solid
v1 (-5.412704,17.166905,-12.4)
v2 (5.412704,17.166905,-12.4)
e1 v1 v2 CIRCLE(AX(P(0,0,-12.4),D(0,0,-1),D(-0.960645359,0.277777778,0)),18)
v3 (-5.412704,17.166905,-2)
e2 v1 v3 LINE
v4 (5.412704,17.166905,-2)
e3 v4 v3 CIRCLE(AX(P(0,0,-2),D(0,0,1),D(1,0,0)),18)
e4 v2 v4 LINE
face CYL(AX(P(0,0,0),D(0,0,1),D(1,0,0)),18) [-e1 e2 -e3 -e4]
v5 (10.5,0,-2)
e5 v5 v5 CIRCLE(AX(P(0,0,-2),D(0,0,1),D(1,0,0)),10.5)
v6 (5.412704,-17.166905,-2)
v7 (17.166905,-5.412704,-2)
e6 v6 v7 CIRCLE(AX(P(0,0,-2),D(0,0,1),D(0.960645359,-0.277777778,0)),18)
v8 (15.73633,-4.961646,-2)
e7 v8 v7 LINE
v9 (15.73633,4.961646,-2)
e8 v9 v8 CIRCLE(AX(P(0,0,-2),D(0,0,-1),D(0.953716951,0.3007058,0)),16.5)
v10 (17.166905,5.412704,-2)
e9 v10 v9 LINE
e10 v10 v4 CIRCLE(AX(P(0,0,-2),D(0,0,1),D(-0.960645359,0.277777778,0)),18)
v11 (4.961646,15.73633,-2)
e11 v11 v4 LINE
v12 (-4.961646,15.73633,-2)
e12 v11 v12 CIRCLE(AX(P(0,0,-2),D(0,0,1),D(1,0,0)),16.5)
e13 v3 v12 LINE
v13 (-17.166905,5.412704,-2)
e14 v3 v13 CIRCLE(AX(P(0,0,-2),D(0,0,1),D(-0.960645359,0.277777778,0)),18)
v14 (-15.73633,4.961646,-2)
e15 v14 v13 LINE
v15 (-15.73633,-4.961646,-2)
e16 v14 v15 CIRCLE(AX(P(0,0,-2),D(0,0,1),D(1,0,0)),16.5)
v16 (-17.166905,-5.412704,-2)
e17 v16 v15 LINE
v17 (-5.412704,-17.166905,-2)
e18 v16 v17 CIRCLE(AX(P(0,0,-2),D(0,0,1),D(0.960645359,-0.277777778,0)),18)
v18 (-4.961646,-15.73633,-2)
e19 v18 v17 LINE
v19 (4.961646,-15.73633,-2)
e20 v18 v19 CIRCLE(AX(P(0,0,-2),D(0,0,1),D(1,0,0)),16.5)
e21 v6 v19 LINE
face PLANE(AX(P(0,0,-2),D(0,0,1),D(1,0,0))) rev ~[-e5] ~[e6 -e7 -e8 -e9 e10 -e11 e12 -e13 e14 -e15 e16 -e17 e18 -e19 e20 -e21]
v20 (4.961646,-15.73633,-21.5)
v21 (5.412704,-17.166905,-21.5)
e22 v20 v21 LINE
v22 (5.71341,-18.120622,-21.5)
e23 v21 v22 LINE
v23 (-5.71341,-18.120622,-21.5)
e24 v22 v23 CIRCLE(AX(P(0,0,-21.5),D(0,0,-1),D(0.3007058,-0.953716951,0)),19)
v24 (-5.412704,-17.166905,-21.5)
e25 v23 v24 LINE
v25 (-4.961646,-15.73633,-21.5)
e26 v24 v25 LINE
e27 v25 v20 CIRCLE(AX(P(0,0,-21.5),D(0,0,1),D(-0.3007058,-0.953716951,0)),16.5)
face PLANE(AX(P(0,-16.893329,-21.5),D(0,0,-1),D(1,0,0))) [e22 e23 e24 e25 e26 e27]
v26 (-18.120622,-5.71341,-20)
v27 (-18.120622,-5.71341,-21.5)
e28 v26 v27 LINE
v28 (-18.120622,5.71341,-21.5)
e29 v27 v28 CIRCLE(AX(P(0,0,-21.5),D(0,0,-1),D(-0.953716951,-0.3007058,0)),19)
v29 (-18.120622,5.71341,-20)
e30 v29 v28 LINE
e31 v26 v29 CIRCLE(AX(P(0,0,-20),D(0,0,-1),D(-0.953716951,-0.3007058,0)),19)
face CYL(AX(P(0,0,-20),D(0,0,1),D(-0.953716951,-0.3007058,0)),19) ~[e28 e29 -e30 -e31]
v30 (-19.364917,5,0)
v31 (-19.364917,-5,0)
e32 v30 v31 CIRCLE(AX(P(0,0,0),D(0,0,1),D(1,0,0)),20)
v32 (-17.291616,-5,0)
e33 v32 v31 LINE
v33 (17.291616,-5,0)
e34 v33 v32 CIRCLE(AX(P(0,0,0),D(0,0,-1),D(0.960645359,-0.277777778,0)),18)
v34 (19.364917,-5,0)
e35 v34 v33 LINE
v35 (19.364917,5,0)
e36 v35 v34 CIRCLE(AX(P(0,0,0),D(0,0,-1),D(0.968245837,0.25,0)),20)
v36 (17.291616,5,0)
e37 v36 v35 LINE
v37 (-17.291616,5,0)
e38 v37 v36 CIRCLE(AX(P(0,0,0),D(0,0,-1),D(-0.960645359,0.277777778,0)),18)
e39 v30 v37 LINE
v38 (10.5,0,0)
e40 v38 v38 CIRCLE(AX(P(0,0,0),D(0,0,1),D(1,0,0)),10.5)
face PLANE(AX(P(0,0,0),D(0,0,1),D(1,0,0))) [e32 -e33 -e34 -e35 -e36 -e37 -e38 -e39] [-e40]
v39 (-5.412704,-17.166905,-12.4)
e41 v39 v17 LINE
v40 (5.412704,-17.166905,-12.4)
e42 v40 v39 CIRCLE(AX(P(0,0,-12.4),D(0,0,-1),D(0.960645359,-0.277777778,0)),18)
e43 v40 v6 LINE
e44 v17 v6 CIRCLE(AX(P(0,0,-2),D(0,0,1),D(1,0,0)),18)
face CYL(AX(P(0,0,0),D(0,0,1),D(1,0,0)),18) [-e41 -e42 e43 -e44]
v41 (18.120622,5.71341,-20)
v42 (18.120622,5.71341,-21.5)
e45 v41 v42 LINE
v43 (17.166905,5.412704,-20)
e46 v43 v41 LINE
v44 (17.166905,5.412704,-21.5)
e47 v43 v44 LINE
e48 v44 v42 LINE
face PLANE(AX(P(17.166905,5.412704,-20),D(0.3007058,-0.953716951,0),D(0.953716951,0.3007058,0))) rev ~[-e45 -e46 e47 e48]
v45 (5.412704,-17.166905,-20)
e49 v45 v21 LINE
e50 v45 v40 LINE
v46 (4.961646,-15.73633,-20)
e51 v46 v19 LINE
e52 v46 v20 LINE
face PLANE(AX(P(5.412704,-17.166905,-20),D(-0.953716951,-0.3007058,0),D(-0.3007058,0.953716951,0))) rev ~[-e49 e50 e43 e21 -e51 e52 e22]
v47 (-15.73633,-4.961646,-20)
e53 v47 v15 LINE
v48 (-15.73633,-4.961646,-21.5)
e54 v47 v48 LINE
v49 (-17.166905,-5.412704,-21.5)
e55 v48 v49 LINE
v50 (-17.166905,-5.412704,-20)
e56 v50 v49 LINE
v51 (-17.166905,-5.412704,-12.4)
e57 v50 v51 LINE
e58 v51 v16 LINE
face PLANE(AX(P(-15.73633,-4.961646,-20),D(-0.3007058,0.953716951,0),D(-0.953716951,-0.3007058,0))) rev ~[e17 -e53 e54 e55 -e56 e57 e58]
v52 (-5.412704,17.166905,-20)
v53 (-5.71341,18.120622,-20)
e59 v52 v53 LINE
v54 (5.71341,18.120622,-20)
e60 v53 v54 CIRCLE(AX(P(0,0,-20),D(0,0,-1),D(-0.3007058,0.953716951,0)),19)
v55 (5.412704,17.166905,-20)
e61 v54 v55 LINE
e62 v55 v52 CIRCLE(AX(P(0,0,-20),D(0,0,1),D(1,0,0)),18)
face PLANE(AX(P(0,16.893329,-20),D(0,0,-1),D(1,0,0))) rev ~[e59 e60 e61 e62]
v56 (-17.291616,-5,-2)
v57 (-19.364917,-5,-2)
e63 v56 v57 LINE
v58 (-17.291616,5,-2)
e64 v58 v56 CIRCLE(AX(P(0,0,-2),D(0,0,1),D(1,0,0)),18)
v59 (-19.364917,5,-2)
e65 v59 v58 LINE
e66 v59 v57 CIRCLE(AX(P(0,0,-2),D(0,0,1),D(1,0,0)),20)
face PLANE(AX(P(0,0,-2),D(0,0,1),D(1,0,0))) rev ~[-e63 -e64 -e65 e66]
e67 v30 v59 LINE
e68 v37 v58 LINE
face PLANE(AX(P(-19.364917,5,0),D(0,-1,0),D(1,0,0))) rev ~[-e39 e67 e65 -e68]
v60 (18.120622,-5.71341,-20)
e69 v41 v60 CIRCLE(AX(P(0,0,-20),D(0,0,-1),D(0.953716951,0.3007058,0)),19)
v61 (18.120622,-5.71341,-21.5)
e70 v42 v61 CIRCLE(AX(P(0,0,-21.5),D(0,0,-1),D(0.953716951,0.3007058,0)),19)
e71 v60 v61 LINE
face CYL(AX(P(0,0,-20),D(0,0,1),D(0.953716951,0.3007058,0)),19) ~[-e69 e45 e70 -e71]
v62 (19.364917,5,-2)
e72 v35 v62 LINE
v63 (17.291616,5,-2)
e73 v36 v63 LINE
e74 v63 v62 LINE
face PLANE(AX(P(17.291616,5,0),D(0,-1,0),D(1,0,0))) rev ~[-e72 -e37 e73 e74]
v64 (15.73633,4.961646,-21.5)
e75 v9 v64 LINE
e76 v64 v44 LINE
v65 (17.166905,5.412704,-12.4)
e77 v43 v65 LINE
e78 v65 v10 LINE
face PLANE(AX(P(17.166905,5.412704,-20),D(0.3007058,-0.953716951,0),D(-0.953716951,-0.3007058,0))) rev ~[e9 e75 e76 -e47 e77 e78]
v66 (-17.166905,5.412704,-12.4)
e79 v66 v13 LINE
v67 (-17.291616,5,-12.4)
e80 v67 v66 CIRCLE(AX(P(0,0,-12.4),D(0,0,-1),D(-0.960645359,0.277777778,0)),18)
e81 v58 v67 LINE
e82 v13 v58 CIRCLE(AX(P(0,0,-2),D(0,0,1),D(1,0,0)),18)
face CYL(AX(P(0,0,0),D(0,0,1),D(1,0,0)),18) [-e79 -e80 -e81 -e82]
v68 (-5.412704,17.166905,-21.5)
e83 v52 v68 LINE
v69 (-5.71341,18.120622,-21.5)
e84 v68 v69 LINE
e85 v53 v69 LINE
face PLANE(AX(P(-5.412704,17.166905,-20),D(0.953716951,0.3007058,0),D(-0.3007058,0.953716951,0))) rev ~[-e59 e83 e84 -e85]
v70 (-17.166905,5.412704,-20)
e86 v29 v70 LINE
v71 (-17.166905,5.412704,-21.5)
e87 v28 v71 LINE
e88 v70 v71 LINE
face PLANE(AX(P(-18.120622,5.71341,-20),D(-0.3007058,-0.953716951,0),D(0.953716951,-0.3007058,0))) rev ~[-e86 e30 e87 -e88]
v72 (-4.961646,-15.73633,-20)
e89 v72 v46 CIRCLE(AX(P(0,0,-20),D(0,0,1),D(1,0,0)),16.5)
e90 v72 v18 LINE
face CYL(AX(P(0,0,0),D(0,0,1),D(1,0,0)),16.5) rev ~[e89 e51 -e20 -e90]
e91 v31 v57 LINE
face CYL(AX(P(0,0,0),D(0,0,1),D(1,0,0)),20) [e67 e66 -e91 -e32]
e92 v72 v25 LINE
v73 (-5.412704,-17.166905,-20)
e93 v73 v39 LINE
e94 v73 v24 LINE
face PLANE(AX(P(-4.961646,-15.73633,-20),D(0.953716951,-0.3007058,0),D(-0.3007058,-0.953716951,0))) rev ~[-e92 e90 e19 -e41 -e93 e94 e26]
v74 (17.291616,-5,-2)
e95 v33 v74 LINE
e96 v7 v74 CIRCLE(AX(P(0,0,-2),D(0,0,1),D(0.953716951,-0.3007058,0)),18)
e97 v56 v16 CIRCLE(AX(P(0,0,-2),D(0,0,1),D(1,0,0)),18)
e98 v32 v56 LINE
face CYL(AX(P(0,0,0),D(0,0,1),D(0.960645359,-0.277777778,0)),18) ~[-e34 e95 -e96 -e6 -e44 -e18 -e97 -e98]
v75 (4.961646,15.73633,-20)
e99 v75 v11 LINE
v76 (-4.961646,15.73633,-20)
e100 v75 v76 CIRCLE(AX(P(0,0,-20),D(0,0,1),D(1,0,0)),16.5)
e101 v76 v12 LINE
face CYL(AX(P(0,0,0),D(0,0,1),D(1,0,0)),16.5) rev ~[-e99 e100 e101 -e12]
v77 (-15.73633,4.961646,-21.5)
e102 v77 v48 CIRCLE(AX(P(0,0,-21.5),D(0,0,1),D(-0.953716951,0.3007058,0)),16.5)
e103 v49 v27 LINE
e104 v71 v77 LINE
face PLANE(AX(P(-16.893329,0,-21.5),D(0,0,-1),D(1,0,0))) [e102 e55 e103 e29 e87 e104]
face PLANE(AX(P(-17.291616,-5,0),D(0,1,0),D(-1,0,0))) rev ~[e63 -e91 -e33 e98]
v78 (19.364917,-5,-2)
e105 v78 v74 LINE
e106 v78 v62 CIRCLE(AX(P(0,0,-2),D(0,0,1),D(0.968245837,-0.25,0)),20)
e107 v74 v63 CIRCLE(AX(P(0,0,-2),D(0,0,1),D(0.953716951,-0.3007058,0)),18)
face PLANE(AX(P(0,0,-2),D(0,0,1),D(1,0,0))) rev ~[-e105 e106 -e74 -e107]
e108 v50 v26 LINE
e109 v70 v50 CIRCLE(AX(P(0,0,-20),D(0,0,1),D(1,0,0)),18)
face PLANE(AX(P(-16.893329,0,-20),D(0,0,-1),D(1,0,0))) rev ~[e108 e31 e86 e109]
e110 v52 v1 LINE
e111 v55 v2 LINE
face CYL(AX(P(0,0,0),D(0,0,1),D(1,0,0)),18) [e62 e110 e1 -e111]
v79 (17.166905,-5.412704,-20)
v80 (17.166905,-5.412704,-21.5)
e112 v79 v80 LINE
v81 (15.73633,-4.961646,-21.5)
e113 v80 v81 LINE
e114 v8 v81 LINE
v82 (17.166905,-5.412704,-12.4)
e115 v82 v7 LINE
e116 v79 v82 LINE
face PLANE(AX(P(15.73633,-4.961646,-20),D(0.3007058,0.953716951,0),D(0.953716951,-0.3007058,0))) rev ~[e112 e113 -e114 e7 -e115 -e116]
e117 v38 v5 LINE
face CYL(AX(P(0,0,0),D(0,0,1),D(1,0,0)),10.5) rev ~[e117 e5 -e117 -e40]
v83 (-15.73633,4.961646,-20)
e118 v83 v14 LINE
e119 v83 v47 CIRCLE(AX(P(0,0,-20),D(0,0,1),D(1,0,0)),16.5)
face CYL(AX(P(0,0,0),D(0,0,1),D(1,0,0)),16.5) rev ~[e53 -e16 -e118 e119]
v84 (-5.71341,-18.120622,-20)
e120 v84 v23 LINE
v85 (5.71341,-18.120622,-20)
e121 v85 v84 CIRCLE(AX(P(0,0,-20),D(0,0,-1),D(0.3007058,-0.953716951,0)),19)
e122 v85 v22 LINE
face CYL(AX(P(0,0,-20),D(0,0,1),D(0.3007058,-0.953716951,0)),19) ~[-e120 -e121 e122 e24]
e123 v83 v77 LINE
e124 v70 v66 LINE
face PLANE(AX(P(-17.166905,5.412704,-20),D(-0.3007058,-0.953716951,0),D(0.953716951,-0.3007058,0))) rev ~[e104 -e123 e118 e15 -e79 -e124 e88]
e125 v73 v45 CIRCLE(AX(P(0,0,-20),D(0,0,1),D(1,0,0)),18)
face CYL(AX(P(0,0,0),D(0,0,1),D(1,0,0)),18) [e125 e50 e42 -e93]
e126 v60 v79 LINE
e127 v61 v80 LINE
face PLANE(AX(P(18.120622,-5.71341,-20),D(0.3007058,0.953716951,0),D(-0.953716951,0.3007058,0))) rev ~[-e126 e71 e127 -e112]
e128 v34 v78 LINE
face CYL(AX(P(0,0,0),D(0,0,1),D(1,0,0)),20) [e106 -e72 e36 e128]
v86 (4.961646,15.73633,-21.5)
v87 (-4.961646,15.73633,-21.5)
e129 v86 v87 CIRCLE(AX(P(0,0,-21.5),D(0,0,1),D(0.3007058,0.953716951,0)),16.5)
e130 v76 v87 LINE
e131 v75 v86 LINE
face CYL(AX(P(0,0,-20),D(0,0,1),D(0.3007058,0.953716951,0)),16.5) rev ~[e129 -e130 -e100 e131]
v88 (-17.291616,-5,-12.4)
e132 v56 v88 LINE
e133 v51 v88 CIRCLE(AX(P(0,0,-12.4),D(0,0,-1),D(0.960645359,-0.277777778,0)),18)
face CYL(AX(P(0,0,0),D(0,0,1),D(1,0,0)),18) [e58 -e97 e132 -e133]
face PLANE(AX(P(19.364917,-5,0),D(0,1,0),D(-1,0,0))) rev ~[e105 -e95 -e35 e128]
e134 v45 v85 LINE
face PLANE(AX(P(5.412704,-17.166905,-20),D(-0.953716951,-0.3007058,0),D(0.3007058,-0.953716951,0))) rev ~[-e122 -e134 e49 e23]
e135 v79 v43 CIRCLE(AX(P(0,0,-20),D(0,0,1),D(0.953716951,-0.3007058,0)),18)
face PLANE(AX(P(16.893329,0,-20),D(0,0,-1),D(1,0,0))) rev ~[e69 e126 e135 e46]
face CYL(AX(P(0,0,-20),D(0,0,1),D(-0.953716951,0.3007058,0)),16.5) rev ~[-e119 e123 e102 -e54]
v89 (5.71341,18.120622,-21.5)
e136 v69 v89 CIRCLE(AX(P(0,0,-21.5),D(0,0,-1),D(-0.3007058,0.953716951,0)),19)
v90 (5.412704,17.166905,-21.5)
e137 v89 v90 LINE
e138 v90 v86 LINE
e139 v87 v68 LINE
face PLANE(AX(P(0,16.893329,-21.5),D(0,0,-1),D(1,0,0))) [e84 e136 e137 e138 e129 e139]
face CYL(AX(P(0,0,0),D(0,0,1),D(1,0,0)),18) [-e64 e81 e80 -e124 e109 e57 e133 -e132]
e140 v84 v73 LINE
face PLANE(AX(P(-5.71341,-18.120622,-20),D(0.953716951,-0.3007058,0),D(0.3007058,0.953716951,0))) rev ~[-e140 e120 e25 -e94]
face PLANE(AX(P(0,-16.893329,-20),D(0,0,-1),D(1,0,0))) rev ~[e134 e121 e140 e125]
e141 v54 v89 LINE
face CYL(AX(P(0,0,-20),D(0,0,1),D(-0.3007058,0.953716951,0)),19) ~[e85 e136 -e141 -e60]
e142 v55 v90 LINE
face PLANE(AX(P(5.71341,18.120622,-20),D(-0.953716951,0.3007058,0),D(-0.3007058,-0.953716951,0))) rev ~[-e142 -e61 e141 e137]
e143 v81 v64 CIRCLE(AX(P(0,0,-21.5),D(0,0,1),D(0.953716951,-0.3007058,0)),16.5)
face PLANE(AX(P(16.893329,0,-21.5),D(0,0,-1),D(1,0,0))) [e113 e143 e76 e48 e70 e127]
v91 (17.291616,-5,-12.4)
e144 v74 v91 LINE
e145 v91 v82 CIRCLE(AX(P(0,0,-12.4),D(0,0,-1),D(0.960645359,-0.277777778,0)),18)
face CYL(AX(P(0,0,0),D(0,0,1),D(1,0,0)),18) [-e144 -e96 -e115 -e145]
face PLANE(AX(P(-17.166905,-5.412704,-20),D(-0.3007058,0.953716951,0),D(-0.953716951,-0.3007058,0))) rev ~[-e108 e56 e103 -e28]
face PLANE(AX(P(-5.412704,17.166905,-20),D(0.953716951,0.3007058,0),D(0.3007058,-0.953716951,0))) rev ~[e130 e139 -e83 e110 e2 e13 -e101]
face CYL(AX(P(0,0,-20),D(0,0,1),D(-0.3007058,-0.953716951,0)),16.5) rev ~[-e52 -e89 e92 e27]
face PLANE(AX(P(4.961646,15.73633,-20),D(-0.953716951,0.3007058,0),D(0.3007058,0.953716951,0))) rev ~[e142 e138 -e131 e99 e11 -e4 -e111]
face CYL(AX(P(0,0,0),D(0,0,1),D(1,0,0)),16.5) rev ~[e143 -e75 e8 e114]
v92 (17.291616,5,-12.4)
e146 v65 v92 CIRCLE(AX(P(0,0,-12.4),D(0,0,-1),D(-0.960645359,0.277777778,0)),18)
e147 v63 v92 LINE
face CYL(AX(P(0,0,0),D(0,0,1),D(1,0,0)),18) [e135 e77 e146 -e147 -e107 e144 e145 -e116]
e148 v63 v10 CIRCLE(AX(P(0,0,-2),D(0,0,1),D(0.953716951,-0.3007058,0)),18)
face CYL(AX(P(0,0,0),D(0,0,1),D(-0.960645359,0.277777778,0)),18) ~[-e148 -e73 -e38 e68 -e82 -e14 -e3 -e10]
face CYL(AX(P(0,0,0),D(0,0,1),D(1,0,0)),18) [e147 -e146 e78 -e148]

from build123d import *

# Parameters (mm, degrees)
F0_R      = 18
F0_R_2    = 16.5
F1_DEPTH  = 20
F3_DEPTH  = 18
F5_DEPTH  = 1.5
F7_R      = 20
F7_R_2    = 10.5
F8_DEPTH  = 2
F10_DEPTH = 12.4


with BuildPart() as f1:
    # F0 (on Top) → F1 (new body)
    with BuildSketch(Plane.XY):
        Circle(F0_R)
        Circle(F0_R_2, mode=Mode.SUBTRACT)
    extrude(amount=-F1_DEPTH)

    # F2 (on face) → F3 (cut)
    with BuildSketch(Plane(origin=(0, 0, -20), x_dir=(1, 0, 0), z_dir=(0, 0, -1))):
        with BuildLine():
            ThreePointArc((-5.4127043911, 17.1669051135), (-12.7279220614, 12.7279220614), (-17.1669051135, 5.4127043911))
            Line((-17.1669051135, 5.4127043911), (-15.7363296873, 4.9616456918))
            ThreePointArc((-15.7363296873, 4.9616456918), (-11.6672618896, 11.6672618896), (-4.9616456918, 15.7363296873))
            Line((-4.9616456918, 15.7363296873), (-5.4127043911, 17.1669051135))
        make_face()
        with BuildLine():
            Line((-15.7363296873, -4.9616456918), (-17.1669051135, -5.4127043911))
            ThreePointArc((-17.1669051135, -5.4127043911), (-12.7279220614, -12.7279220614), (-5.4127043911, -17.1669051135))
            Line((-5.4127043911, -17.1669051135), (-4.9616456918, -15.7363296873))
            ThreePointArc((-4.9616456918, -15.7363296873), (-11.6672618896, -11.6672618896), (-15.7363296873, -4.9616456918))
        make_face()
        with BuildLine():
            ThreePointArc((15.7363296873, -4.9616456918), (11.6672618896, -11.6672618896), (4.9616456918, -15.7363296873))
            Line((4.9616456918, -15.7363296873), (5.4127043911, -17.1669051135))
            ThreePointArc((5.4127043911, -17.1669051135), (12.7279220614, -12.7279220614), (17.1669051135, -5.4127043911))
            Line((17.1669051135, -5.4127043911), (15.7363296873, -4.9616456918))
        make_face()
        with BuildLine():
            Line((5.4127043911, 17.1669051135), (4.9616456918, 15.7363296873))
            ThreePointArc((4.9616456918, 15.7363296873), (11.6672618896, 11.6672618896), (15.7363296873, 4.9616456918))
            Line((15.7363296873, 4.9616456918), (17.1669051135, 5.4127043911))
            ThreePointArc((17.1669051135, 5.4127043911), (12.7279220614, 12.7279220614), (5.4127043911, 17.1669051135))
        make_face()
    extrude(amount=-F3_DEPTH, mode=Mode.SUBTRACT)

    # F4 (on face) → F5 (join)
    with BuildSketch(Plane(origin=(0, 0, -20), x_dir=(1, 0, 0), z_dir=(0, 0, -1))):
        with BuildLine():
            Line((-15.7363296873, 4.9616456918), (-17.1669051135, 5.4127043911))
            ThreePointArc((-17.1669051135, 5.4127043911), (-18, 0), (-17.1669051135, -5.4127043911))
            Line((-17.1669051135, -5.4127043911), (-15.7363296873, -4.9616456918))
            ThreePointArc((-15.7363296873, -4.9616456918), (-16.5, 0), (-15.7363296873, 4.9616456918))
        make_face()
        with BuildLine():
            ThreePointArc((-17.1669051135, -5.4127043911), (-18, 0), (-17.1669051135, 5.4127043911))
            Line((-17.1669051135, 5.4127043911), (-18.1206220642, 5.7134101906))
            ThreePointArc((-18.1206220642, 5.7134101906), (-19, 0), (-18.1206220642, -5.7134101906))
            Line((-18.1206220642, -5.7134101906), (-17.1669051135, -5.4127043911))
        make_face()
        with BuildLine():
            ThreePointArc((4.9616456918, -15.7363296873), (0, -16.5), (-4.9616456918, -15.7363296873))
            Line((-4.9616456918, -15.7363296873), (-5.4127043911, -17.1669051135))
            ThreePointArc((-5.4127043911, -17.1669051135), (0, -18), (5.4127043911, -17.1669051135))
            Line((5.4127043911, -17.1669051135), (4.9616456918, -15.7363296873))
        make_face()
        with BuildLine():
            ThreePointArc((5.4127043911, -17.1669051135), (0, -18), (-5.4127043911, -17.1669051135))
            Line((-5.4127043911, -17.1669051135), (-5.7134101906, -18.1206220642))
            ThreePointArc((-5.7134101906, -18.1206220642), (0, -19), (5.7134101906, -18.1206220642))
            Line((5.7134101906, -18.1206220642), (5.4127043911, -17.1669051135))
        make_face()
        with BuildLine():
            ThreePointArc((15.7363296873, 4.9616456918), (16.5, 0), (15.7363296873, -4.9616456918))
            Line((15.7363296873, -4.9616456918), (17.1669051135, -5.4127043911))
            ThreePointArc((17.1669051135, -5.4127043911), (18, 0), (17.1669051135, 5.4127043911))
            Line((17.1669051135, 5.4127043911), (15.7363296873, 4.9616456918))
        make_face()
        with BuildLine():
            ThreePointArc((17.1669051135, 5.4127043911), (18, 0), (17.1669051135, -5.4127043911))
            Line((17.1669051135, -5.4127043911), (18.1206220642, -5.7134101906))
            ThreePointArc((18.1206220642, -5.7134101906), (19, 0), (18.1206220642, 5.7134101906))
            Line((18.1206220642, 5.7134101906), (17.1669051135, 5.4127043911))
        make_face()
        with BuildLine():
            ThreePointArc((-4.9616456918, 15.7363296873), (0, 16.5), (4.9616456918, 15.7363296873))
            Line((4.9616456918, 15.7363296873), (5.4127043911, 17.1669051135))
            ThreePointArc((5.4127043911, 17.1669051135), (0, 18), (-5.4127043911, 17.1669051135))
            Line((-5.4127043911, 17.1669051135), (-4.9616456918, 15.7363296873))
        make_face()
        with BuildLine():
            ThreePointArc((-5.4127043911, 17.1669051135), (0, 18), (5.4127043911, 17.1669051135))
            Line((5.4127043911, 17.1669051135), (5.7134101906, 18.1206220642))
            ThreePointArc((5.7134101906, 18.1206220642), (0, 19), (-5.7134101906, 18.1206220642))
            Line((-5.7134101906, 18.1206220642), (-5.4127043911, 17.1669051135))
        make_face()
    extrude(amount=F5_DEPTH)

    # F7 (on face) → F8 (join)
    with BuildSketch(Plane.XY):
        Circle(F7_R)
        Circle(F7_R_2, mode=Mode.SUBTRACT)
    extrude(amount=-F8_DEPTH)

    # F9 (on face) → F10 (cut)
    with BuildSketch(Plane.XY):
        with BuildLine():
            Line((17.2916164658, 5), (19.364916731, 5))
            ThreePointArc((19.364916731, 5), (0, 20), (-19.364916731, 5))
            Line((-19.364916731, 5), (-17.2916164658, 5))
            ThreePointArc((-17.2916164658, 5), (0, 18), (17.2916164658, 5))
        make_face()
        with BuildLine():
            Line((-17.2916164658, -5), (-19.364916731, -5))
            ThreePointArc((-19.364916731, -5), (0, -20), (19.364916731, -5))
            Line((19.364916731, -5), (17.2916164658, -5))
            ThreePointArc((17.2916164658, -5), (0, -18), (-17.2916164658, -5))
        make_face()
    extrude(amount=-F10_DEPTH, mode=Mode.SUBTRACT)


solid = f1.part
